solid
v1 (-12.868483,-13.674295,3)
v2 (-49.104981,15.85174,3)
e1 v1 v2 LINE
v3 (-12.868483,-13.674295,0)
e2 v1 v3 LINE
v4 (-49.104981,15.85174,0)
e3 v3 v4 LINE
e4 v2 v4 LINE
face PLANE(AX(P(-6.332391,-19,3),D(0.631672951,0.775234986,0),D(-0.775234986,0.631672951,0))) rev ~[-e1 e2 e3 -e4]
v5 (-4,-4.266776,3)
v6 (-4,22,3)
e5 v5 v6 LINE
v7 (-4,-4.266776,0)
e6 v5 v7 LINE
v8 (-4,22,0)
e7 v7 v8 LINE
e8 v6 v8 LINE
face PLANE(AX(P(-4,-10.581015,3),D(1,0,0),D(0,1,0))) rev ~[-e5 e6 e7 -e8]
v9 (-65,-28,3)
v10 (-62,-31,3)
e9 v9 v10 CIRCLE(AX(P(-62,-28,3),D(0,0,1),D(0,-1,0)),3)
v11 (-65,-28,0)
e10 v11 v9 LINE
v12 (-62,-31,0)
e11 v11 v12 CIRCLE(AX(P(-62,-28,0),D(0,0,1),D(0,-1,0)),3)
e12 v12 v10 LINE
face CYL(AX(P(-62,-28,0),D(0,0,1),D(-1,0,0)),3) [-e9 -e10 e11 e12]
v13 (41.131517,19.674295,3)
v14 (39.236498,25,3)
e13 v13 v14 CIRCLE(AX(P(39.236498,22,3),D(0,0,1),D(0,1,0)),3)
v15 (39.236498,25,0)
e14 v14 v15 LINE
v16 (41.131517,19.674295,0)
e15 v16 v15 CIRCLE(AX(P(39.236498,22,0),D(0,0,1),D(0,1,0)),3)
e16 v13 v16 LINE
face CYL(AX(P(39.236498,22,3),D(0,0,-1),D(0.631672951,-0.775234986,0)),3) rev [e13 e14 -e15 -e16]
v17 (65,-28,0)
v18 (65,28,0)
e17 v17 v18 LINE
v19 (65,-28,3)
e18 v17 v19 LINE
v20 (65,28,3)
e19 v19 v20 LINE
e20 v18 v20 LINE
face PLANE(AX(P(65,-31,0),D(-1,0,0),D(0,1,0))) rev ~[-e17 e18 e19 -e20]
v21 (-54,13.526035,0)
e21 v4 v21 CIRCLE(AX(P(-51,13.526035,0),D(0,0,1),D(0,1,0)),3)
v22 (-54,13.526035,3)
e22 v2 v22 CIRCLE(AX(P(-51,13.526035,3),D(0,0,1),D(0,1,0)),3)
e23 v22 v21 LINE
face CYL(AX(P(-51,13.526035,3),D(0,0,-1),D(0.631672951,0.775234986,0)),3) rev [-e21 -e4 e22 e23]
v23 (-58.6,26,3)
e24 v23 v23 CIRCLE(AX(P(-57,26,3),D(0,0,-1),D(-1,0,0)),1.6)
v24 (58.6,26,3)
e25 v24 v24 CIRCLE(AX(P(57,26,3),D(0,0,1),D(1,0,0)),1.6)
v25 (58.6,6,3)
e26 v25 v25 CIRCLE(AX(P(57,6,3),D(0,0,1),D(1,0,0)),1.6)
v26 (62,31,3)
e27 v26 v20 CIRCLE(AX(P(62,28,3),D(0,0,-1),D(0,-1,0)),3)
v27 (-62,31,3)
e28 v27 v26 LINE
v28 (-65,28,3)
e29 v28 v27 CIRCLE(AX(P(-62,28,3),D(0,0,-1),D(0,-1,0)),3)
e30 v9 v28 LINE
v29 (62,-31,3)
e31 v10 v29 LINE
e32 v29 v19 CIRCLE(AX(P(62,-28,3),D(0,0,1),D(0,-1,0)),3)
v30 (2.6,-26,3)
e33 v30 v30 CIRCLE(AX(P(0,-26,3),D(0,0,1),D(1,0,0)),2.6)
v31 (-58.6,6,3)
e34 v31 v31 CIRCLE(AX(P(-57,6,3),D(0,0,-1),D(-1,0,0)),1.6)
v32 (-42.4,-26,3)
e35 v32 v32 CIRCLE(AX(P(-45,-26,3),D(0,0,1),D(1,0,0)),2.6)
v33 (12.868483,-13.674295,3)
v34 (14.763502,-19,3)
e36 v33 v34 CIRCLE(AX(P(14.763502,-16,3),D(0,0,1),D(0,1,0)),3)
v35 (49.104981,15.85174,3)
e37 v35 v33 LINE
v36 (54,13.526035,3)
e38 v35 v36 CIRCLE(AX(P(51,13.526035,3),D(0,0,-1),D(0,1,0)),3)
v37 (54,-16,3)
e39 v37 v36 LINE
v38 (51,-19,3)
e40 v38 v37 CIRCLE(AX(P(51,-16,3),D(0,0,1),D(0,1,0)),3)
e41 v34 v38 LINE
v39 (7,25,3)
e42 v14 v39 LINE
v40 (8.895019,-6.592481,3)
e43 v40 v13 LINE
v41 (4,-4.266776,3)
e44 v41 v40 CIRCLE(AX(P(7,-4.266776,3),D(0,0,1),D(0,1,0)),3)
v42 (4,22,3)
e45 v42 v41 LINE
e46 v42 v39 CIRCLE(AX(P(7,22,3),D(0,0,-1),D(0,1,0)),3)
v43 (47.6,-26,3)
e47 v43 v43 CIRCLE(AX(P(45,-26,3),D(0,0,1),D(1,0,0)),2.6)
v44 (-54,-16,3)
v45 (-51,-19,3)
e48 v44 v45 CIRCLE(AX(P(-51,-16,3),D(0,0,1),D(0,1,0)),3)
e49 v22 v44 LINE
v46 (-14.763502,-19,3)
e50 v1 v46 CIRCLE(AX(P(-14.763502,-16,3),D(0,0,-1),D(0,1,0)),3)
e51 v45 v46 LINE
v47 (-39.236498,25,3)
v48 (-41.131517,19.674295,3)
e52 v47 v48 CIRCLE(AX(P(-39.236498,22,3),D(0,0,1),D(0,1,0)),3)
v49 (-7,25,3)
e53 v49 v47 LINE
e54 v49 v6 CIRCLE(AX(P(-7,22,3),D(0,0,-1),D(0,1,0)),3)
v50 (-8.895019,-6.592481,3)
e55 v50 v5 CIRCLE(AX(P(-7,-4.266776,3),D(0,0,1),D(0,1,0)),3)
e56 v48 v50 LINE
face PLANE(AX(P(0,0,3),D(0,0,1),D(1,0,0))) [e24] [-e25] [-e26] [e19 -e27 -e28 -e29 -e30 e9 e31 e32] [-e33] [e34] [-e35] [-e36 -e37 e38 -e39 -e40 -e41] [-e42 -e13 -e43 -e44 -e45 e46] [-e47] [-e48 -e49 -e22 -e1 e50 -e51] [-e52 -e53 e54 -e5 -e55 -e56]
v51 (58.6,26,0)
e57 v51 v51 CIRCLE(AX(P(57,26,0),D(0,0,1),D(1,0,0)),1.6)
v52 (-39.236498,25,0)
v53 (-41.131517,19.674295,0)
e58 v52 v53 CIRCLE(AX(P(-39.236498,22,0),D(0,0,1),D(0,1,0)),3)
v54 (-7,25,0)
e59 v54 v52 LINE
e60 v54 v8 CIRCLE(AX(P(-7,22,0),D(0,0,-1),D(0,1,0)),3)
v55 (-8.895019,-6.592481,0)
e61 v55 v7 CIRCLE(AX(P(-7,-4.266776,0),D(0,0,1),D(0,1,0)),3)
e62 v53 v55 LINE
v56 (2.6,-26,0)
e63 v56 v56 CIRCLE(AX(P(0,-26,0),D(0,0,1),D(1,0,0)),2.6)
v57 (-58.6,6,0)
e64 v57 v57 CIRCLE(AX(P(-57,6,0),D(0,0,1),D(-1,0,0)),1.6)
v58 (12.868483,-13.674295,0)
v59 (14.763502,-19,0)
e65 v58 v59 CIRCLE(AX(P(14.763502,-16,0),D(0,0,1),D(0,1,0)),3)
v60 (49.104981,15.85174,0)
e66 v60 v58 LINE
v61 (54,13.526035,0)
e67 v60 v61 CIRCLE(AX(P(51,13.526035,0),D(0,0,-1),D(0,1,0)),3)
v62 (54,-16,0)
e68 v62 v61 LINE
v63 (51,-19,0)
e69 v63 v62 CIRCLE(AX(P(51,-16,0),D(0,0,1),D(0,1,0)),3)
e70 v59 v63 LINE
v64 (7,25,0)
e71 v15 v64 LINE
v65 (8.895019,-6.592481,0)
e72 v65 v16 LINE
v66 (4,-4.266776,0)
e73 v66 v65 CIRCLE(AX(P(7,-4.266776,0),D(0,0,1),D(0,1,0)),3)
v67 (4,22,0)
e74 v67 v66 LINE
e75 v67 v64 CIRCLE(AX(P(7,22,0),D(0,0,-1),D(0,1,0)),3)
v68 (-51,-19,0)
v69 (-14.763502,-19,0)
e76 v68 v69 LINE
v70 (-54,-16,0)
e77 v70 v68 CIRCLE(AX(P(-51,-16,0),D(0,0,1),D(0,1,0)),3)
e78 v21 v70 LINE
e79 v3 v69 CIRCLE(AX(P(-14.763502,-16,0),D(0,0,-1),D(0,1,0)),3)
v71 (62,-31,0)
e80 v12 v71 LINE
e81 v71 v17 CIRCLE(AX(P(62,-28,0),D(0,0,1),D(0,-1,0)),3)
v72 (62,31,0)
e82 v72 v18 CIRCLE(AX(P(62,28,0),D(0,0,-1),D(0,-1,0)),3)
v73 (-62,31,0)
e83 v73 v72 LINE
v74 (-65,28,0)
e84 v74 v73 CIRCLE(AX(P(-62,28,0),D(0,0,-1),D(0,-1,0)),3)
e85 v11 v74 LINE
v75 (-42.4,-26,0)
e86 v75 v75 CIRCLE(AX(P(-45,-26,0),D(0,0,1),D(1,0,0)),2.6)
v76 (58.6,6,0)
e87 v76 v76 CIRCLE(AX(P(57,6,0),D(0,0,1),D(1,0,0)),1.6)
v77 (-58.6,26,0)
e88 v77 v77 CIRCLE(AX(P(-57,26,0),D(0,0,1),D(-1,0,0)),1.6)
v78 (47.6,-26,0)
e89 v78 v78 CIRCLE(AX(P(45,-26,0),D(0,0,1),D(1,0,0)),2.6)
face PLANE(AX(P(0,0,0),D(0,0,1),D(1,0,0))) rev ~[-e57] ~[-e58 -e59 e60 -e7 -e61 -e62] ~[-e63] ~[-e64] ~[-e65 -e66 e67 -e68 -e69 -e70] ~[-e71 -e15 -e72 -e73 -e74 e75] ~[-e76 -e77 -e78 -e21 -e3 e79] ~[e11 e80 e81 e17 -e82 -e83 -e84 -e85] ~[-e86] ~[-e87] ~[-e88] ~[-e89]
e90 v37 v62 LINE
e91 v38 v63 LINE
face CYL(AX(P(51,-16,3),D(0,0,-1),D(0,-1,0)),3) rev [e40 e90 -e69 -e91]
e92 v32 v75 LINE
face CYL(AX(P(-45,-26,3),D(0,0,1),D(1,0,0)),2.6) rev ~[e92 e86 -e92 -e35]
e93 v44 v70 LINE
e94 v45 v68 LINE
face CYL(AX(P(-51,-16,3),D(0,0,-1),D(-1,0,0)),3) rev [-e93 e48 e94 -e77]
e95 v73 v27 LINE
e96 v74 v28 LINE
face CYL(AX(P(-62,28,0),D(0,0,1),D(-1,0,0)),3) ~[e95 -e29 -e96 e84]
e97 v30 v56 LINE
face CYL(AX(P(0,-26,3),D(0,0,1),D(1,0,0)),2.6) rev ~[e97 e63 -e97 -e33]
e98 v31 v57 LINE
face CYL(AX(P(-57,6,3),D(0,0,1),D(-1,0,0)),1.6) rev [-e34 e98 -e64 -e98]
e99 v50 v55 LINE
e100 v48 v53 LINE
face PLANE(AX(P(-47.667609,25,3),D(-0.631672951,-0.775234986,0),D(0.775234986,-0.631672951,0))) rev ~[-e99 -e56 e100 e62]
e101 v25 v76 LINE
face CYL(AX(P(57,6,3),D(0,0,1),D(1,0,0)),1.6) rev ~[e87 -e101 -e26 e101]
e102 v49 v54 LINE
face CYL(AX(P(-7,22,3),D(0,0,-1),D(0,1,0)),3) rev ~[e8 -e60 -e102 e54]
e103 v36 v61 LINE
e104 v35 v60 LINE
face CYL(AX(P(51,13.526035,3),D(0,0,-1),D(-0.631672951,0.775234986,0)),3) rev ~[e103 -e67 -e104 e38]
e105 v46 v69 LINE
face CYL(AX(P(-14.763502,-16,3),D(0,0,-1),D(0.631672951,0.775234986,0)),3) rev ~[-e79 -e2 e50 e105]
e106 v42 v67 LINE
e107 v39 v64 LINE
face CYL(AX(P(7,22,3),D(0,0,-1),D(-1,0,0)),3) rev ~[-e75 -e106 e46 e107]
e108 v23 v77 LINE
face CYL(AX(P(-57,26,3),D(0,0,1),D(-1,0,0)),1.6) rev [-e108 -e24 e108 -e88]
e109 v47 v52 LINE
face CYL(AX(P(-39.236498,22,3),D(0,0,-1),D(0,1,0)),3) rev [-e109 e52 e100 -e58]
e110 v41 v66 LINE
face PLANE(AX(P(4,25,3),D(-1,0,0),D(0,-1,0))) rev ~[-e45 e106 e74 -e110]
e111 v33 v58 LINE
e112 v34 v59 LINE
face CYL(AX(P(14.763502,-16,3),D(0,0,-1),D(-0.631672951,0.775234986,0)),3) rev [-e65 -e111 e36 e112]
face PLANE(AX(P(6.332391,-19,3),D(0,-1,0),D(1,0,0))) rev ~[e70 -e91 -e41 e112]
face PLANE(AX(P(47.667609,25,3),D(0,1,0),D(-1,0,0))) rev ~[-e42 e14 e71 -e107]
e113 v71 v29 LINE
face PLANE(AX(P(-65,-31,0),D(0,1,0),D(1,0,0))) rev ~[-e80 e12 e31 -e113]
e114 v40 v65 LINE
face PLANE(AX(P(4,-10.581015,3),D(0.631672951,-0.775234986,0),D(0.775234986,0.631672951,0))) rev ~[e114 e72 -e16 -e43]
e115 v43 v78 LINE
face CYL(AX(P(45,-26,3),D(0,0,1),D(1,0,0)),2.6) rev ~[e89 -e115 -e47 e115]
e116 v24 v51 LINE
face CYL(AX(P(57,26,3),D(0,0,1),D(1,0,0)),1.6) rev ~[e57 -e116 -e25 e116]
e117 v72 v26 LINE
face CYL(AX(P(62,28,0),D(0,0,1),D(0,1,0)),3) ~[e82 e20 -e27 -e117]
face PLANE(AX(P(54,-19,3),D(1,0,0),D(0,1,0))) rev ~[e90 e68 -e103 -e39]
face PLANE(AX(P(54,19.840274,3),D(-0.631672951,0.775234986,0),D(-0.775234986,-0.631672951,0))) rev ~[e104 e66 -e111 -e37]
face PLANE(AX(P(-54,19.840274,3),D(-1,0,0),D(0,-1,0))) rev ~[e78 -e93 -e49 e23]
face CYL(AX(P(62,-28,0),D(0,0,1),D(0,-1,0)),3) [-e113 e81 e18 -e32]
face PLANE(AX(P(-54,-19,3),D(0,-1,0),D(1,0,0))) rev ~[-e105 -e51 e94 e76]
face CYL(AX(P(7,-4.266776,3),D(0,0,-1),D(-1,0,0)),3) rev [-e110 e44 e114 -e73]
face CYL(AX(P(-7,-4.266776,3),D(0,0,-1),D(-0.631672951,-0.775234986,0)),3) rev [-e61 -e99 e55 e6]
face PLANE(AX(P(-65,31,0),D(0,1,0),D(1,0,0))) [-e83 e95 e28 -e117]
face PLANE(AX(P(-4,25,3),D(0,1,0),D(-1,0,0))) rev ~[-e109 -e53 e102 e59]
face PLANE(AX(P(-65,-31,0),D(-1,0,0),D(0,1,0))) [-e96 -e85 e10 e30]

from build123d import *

# Parameters (mm, degrees)
SKETCH_1_W          = 130
SKETCH_1_H          = 62
EXTRUDE_1_DEPTH     = 3
SKETCH_2_R          = 2.6
CUT_EXTRUDE_1_DEPTH = 4
SKETCH_3_R          = 1.6
CUT_EXTRUDE_2_DEPTH = 4
CUT_EXTRUDE_3_DEPTH = 4
FILLET_1_R          = 3
FILLET_2_R          = 3


with BuildPart() as part:
    # 草图1 → 凸台-拉伸1 (new body)
    with BuildSketch(Plane.XY):
        Rectangle(SKETCH_1_W, SKETCH_1_H)
    extrude(amount=EXTRUDE_1_DEPTH)

    # 草图2 → 切除-拉伸1 (cut, through all)
    with BuildSketch(Plane.XY.offset(3)):
        with Locations((-45, -26)):
            Circle(SKETCH_2_R)
        with Locations((0, -26)):
            Circle(SKETCH_2_R)
        with Locations((45, -26)):
            Circle(SKETCH_2_R)
    extrude(amount=-CUT_EXTRUDE_1_DEPTH, mode=Mode.SUBTRACT)

    # 草图3 → 切除-拉伸2 (cut, through all)
    with BuildSketch(Plane.XY.offset(3)):
        with Locations((57, 26)):
            Circle(SKETCH_3_R)
        with Locations((57, 6)):
            Circle(SKETCH_3_R)
    cut_extrude_2 = extrude(amount=-CUT_EXTRUDE_2_DEPTH, mode=Mode.SUBTRACT)

    # 镜向1: 切除-拉伸2 across plane
    add(cut_extrude_2.mirror(Plane(origin=(0, 0, 0), x_dir=(0, 0, 1), z_dir=(1, 0, 0))), mode=Mode.SUBTRACT)

    # 草图4 → 切除-拉伸3 (cut, through all)
    with BuildSketch(Plane.XY.offset(3)):
        Polygon((-6.332390824, -19), (-54, 19.840274143), (-54, -19), align=None)
        Polygon((-4, 25), (-47.667609176, 25), (-4, -10.581014884), align=None)
        Polygon((4, 25), (4, -10.581014884), (47.667609176, 25), align=None)
        Polygon((54, 19.840274143), (6.332390824, -19), (54, -19), align=None)
    extrude(amount=-CUT_EXTRUDE_3_DEPTH, mode=Mode.SUBTRACT)

    # 圆角1
    fillet_1_edges = [part.edges().sort_by_distance(p)[0] for p in [
        (-47.667609176, 25, 1.5),
        (-4, 25, 1.5),
        (-4, -10.581014884, 1.5),
        (4, -10.581014884, 1.5),
        (4, 25, 1.5),
        (47.667609176, 25, 1.5),
        (6.332390824, -19, 1.5),
        (54, 19.840274143, 1.5),
        (54, -19, 1.5),
        (-54, 19.840274143, 1.5),
        (-6.332390824, -19, 1.5),
        (-54, -19, 1.5),
    ]]
    fillet(fillet_1_edges, radius=FILLET_1_R)

    # 圆角2
    fillet_2_edges = [part.edges().sort_by_distance(p)[0] for p in [
        (65, -31, 1.5),
        (-65, -31, 1.5),
        (-65, 31, 1.5),
        (65, 31, 1.5),
    ]]
    fillet(fillet_2_edges, radius=FILLET_2_R)


solid = part.part
